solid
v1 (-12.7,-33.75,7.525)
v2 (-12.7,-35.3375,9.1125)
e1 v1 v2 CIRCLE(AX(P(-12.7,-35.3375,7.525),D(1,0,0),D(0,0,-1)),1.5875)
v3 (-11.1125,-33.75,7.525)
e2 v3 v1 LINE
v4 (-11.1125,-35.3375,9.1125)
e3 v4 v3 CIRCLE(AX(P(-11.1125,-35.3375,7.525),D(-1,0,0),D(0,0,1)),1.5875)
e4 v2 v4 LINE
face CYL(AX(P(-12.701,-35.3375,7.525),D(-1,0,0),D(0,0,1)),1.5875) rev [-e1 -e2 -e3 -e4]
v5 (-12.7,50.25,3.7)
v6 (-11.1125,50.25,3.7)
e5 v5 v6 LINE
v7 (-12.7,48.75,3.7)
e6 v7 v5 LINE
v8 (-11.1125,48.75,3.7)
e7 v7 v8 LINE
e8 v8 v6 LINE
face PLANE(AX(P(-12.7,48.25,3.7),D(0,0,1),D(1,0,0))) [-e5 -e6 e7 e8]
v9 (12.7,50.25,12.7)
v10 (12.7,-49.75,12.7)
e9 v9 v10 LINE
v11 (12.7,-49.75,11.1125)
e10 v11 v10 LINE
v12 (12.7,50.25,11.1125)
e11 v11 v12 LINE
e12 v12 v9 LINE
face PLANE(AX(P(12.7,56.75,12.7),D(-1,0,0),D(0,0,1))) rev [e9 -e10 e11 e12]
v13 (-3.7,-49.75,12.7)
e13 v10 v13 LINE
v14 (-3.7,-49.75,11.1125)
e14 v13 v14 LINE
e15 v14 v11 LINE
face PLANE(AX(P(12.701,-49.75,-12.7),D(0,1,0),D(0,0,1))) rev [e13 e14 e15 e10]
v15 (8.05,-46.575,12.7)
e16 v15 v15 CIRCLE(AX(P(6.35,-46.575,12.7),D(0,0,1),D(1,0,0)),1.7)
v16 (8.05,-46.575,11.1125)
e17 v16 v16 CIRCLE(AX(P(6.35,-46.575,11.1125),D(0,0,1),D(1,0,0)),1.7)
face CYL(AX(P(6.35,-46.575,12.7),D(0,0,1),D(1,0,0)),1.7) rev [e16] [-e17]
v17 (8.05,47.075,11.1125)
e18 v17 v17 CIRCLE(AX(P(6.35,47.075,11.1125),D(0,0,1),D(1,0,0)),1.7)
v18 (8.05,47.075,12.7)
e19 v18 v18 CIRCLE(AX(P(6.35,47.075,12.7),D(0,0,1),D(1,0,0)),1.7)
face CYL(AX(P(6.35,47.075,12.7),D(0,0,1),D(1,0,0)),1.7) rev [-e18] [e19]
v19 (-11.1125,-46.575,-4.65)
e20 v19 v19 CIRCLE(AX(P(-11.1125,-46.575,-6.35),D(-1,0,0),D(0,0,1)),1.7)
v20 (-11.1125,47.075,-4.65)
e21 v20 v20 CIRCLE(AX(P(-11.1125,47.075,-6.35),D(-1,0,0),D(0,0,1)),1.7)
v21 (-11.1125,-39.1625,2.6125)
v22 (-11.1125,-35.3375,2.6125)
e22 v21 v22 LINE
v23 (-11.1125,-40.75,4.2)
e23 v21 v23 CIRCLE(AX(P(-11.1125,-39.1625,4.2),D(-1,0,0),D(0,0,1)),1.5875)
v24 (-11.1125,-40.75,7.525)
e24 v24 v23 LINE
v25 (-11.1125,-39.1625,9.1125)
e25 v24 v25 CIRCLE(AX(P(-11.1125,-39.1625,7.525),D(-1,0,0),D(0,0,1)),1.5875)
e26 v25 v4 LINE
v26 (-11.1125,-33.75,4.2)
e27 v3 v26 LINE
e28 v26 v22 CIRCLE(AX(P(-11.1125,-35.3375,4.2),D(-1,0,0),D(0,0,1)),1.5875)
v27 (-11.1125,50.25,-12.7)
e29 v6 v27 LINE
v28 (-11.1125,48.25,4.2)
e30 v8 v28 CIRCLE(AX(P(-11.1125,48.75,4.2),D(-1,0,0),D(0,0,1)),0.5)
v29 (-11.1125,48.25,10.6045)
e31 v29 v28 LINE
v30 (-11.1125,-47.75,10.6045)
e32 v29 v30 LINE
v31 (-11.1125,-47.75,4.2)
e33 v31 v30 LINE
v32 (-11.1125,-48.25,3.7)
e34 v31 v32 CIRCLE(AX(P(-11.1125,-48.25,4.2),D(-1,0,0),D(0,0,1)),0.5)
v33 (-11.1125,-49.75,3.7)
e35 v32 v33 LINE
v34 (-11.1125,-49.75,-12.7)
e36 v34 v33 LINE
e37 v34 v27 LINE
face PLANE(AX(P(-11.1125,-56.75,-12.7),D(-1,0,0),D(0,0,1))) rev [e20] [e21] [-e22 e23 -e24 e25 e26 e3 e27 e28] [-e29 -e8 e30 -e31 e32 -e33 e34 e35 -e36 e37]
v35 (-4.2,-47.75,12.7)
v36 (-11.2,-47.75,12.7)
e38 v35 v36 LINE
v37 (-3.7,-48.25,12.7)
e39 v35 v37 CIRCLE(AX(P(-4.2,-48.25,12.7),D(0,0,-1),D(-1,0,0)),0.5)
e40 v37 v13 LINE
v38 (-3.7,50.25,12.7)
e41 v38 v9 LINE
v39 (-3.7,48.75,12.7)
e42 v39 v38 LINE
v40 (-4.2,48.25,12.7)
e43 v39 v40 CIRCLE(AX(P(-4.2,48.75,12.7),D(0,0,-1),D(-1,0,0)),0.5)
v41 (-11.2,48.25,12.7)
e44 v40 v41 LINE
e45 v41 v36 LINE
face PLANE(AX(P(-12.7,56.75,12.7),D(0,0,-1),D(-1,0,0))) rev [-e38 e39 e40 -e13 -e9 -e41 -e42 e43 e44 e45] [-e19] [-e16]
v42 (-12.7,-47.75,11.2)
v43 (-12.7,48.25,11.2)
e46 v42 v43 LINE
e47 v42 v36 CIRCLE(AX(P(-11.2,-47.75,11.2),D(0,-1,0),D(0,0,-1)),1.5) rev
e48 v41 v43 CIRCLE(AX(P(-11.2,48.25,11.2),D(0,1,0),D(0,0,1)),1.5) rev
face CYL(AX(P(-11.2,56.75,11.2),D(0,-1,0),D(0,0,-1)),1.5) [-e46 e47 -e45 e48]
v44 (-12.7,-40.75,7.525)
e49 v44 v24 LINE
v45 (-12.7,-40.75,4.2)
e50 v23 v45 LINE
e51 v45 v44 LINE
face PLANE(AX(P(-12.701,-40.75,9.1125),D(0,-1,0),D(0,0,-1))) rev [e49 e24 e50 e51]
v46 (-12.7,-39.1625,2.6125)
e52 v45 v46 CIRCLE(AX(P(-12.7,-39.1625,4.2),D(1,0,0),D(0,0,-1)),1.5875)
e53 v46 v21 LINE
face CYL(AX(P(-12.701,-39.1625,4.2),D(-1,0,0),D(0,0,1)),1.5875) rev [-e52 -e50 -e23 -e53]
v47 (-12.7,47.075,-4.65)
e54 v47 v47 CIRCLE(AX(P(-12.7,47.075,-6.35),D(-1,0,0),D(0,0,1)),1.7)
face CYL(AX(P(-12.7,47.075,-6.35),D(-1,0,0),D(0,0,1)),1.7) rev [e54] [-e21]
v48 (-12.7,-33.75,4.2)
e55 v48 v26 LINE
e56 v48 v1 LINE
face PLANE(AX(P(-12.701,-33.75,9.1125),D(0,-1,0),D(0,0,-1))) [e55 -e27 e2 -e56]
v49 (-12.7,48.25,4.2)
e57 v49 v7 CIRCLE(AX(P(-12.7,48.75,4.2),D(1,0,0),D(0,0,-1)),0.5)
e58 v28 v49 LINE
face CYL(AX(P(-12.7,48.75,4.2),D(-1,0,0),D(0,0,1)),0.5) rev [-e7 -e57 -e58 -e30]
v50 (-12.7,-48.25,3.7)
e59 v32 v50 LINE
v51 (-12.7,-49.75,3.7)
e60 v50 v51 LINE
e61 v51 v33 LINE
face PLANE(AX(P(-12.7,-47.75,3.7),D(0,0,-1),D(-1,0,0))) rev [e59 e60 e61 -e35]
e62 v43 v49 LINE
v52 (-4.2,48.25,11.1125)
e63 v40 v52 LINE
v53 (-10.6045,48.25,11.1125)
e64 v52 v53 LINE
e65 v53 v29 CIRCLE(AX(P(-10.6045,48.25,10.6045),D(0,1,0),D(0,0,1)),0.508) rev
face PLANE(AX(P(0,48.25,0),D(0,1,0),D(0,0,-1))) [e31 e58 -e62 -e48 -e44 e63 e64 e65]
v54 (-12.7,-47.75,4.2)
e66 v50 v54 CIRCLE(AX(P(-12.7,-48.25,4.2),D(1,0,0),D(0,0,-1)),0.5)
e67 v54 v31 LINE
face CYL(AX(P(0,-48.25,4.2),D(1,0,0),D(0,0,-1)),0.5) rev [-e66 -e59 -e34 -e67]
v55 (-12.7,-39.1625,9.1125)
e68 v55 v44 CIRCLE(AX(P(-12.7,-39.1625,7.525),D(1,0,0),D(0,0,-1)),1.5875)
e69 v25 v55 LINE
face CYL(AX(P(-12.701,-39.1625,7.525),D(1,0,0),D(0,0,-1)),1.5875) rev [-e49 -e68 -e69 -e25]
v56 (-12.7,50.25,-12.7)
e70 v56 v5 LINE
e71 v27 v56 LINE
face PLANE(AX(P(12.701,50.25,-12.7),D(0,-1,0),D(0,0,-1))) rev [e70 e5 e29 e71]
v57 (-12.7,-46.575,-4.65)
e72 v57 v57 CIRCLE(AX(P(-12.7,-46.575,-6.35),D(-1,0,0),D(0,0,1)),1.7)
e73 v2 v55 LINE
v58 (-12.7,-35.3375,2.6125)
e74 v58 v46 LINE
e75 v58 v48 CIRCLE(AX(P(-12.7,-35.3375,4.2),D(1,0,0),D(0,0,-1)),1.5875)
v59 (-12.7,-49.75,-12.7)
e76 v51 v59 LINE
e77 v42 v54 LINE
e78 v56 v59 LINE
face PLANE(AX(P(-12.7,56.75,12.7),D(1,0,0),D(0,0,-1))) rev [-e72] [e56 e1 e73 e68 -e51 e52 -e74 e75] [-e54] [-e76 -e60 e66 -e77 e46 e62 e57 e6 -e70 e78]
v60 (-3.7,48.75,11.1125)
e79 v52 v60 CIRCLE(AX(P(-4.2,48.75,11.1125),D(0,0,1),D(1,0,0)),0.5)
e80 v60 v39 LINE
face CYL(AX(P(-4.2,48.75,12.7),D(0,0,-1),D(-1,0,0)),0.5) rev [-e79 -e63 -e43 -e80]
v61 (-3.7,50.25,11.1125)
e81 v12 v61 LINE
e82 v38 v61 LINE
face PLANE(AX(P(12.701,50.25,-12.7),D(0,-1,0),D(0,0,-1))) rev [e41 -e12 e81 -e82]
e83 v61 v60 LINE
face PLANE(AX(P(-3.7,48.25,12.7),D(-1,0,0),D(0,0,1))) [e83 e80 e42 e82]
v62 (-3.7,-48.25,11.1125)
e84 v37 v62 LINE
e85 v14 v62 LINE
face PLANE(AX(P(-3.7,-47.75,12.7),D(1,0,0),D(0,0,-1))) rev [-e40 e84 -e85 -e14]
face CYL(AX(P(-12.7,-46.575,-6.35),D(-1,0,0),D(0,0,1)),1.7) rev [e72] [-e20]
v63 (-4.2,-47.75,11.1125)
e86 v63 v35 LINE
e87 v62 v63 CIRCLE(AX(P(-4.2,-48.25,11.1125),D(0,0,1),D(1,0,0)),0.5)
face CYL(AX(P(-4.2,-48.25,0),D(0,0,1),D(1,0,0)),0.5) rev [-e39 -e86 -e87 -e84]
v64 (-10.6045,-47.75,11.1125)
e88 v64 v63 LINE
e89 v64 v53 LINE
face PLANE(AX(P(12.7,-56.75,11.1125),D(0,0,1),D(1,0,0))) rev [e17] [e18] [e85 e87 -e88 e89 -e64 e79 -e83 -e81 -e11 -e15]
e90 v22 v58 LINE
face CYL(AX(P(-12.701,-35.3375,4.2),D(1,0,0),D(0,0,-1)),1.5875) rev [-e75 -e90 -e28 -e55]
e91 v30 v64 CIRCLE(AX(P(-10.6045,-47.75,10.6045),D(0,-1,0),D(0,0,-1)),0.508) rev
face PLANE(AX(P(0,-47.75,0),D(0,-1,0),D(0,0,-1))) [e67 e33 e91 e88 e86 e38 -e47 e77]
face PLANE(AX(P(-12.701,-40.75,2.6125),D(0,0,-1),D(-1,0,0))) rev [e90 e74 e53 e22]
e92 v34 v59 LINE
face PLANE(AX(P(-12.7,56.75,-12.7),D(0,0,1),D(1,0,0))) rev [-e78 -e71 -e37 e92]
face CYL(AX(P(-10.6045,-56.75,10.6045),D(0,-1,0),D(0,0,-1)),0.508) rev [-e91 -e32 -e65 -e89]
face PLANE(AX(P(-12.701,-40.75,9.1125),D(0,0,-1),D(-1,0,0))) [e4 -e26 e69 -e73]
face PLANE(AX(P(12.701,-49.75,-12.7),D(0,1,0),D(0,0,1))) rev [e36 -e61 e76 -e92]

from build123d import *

# Parameters (mm, degrees)
SKETCH1_W             = 25.4
SKETCH1_H             = 25.4
BOSS_EXTRUDE1_DEPTH   = 56.75
SKETCH2_W             = 23.8125
SKETCH2_H             = 23.8125
CUT_EXTRUDE1_DEPTH    = 115.912270885
FILLET1_R             = 0.508
M3_CLEARANCE_HOLE1_D  = 3.4
M3_CLEARANCE_HOLE2_D  = 3.4
M3_CLEARANCE_HOLE3_D  = 3.4
M3_CLEARANCE_HOLE4_D  = 3.4
FILLET2_R             = 1.5
CUT_EXTRUDE2_REACH    = 65.459
SKETCH11_W            = 16.9
SKETCH11_H            = 6.499999954
SKETCH11_H_2          = 7
CUT_EXTRUDE3_REACH    = 65.459
SKETCH12_W            = 16.9
SKETCH12_H            = 6.5
SKETCH12_H_2          = 7
FILLET3_R             = 3.81
CUT_EXTRUDE4_REACH    = 65.459
SKETCH13_W            = 15.4
SKETCH13_H            = 87.3
CUT_EXTRUDE5_REACH    = 65.459
SKETCH14_W            = 15.4
SKETCH14_H            = 87.3
CHAMFER2_SIZE         = 6.35
FILLET5_R             = 3.81
SKETCH15_W            = 12.31
SKETCH15_H            = 12.31
CUT_EXTRUDE6_DEPTH    = 6.5
SKETCH17_W            = 12.31
SKETCH17_H            = 12.31
CUT_EXTRUDE8_DEPTH    = 7
BOSS_EXTRUDE2_START   = -1.5875
BOSS_EXTRUDE2_DEPTH   = 1.5875
BOSS_EXTRUDE3_START   = -1.5875
BOSS_EXTRUDE3_DEPTH   = 1.5875
CUT_EXTRUDE12_REACH   = 59.038
SKETCH23_W            = 6.5
SKETCH23_H            = 7
FILLET9_R             = 1.5875
FILLET9_OF_MIRROR3_R  = 1.5875
BOSS_EXTRUDE4_DEPTH   = 1.5875
SKETCH25_W            = 9
SKETCH25_H            = 9
CUT_EXTRUDE13_DEPTH   = 2
FILLET10_R            = 0.5
FILLET10_OF_MIRROR4_R = 0.5


with BuildPart() as part:
    # Sketch1 → Boss-Extrude1 (new, symmetric)
    with BuildSketch(Plane(origin=(0, 0, 0), x_dir=(1, 0, 0), z_dir=(0, 1, 0))):
        Rectangle(SKETCH1_W, SKETCH1_H)
    extrude(amount=BOSS_EXTRUDE1_DEPTH, both=True)

    # Sketch2 → Cut-Extrude1 (cut, through all)
    with BuildSketch(Plane(origin=(0, 56.75, 0), x_dir=(1, 0, 0), z_dir=(0, 1, 0))):
        with Locations((0.79375, 0.79375)):
            Rectangle(SKETCH2_W, SKETCH2_H)
    extrude(amount=-CUT_EXTRUDE1_DEPTH, mode=Mode.SUBTRACT)

    # Fillet1
    fillet1_edges = [part.edges().sort_by_distance(p)[0] for p in [
        (-11.1125, 0, 11.1125),
    ]]
    fillet(fillet1_edges, radius=FILLET1_R)

    # M3 Clearance Hole1 (through all)
    with Locations(Plane.XY.offset(12.7)):
        with Locations((6.35, 47.075)):
            Hole(M3_CLEARANCE_HOLE1_D / 2)

    # M3 Clearance Hole2 (through all)
    with Locations(Plane.ZY.offset(12.7)):
        with Locations((-6.35, 47.075)):
            Hole(M3_CLEARANCE_HOLE2_D / 2)

    # M3 Clearance Hole3 (through all)
    with Locations(Plane.XY.offset(12.7)):
        with Locations((6.35, -46.575)):
            Hole(M3_CLEARANCE_HOLE3_D / 2)

    # M3 Clearance Hole4 (through all)
    with Locations(Plane.ZY.offset(12.7)):
        with Locations((-6.35, -46.575)):
            Hole(M3_CLEARANCE_HOLE4_D / 2)

    # Fillet2
    fillet2_edges = [part.edges().sort_by_distance(p)[0] for p in [
        (-12.7, 0, 12.7),
    ]]
    fillet(fillet2_edges, radius=FILLET2_R)

    # Sketch11 → Cut-Extrude2 (cut, up to next)
    with BuildSketch(Plane.ZY.offset(12.7), mode=Mode.PRIVATE) as cut_extrude2_sk1:
        with Locations((-4.25, 53.500000023)):
            Rectangle(SKETCH11_W, SKETCH11_H)
    cut_extrude2_tool1 = extrude(cut_extrude2_sk1.sketch, amount=-CUT_EXTRUDE2_REACH, mode=Mode.PRIVATE) & part.part
    # Sketch11 → Cut-Extrude2 (cut, up to next)
    with BuildSketch(Plane.ZY.offset(12.7), mode=Mode.PRIVATE) as cut_extrude2_sk2:
        with Locations((-4.25, -53.25)):
            Rectangle(SKETCH11_W, SKETCH11_H_2)
    cut_extrude2_tool2 = extrude(cut_extrude2_sk2.sketch, amount=-CUT_EXTRUDE2_REACH, mode=Mode.PRIVATE) & part.part
    add(cut_extrude2_tool1.solids().sort_by_distance((-12.7, 53.5, -4.25))[0], mode=Mode.SUBTRACT)
    add(cut_extrude2_tool2.solids().sort_by_distance((-12.7, -53.25, -4.25))[0], mode=Mode.SUBTRACT)

    # Sketch12 → Cut-Extrude3 (cut, up to next)
    with BuildSketch(Plane.XY.offset(12.7), mode=Mode.PRIVATE) as cut_extrude3_sk1:
        with Locations((4.25, 53.5)):
            Rectangle(SKETCH12_W, SKETCH12_H)
    cut_extrude3_tool1 = extrude(cut_extrude3_sk1.sketch, amount=-CUT_EXTRUDE3_REACH, mode=Mode.PRIVATE) & part.part
    # Sketch12 → Cut-Extrude3 (cut, up to next)
    with BuildSketch(Plane.XY.offset(12.7), mode=Mode.PRIVATE) as cut_extrude3_sk2:
        with Locations((4.25, -53.25)):
            Rectangle(SKETCH12_W, SKETCH12_H_2)
    cut_extrude3_tool2 = extrude(cut_extrude3_sk2.sketch, amount=-CUT_EXTRUDE3_REACH, mode=Mode.PRIVATE) & part.part
    add(cut_extrude3_tool1.solids().sort_by_distance((4.25, 53.5, 12.7))[0], mode=Mode.SUBTRACT)
    add(cut_extrude3_tool2.solids().sort_by_distance((4.25, -53.25, 12.7))[0], mode=Mode.SUBTRACT)

    # Fillet3
    fillet3_edges = [part.edges().sort_by_distance(p)[0] for p in [
        (-4.2, 50.25, 11.90625),
        (-4.2, -49.75, 11.90625),
        (-11.90625, 50.250000046, 4.2),
        (-11.90625, -49.75, 4.2),
    ]]
    fillet(fillet3_edges, radius=FILLET3_R)

    # Sketch13 → Cut-Extrude4 (cut, up to next)
    with BuildSketch(Plane.ZY.offset(12.7), mode=Mode.PRIVATE) as cut_extrude4_sk1:
        with Locations((-5, 0.25)):
            Rectangle(SKETCH13_W, SKETCH13_H)
    cut_extrude4_tool1 = extrude(cut_extrude4_sk1.sketch, amount=-CUT_EXTRUDE4_REACH, mode=Mode.PRIVATE) & part.part
    add(cut_extrude4_tool1.solids().sort_by_distance((-12.7, 0.25, -5))[0], mode=Mode.SUBTRACT)

    # Sketch14 → Cut-Extrude5 (cut, up to next)
    with BuildSketch(Plane.XY.offset(12.7), mode=Mode.PRIVATE) as cut_extrude5_sk1:
        with Locations((5, 0.25)):
            Rectangle(SKETCH14_W, SKETCH14_H)
    cut_extrude5_tool1 = extrude(cut_extrude5_sk1.sketch, amount=-CUT_EXTRUDE5_REACH, mode=Mode.PRIVATE) & part.part
    add(cut_extrude5_tool1.solids().sort_by_distance((5, 0.25, 12.7))[0], mode=Mode.SUBTRACT)

    # Chamfer2
    chamfer2_edges = [part.edges().sort_by_distance(p)[0] for p in [
        (-11.90625, 43.9, 2.7),
        (-11.90625, -43.4, 2.7),
        (-2.7, -43.4, 11.90625),
        (-2.7, 43.9, 11.90625),
    ]]
    chamfer(chamfer2_edges, length=CHAMFER2_SIZE)

    # Fillet5
    fillet5_edges = [part.edges().sort_by_distance(p)[0] for p in [
        (-11.90625, 43.9, -3.65),
        (-11.90625, -37.05, 2.7),
        (-11.90625, 37.55, 2.7),
        (-2.7, -37.05, 11.90625),
        (-2.7, 37.55, 11.90625),
        (3.65, 43.9, 11.90625),
        (3.65, -43.4, 11.90625),
        (-11.90625, -43.4, -3.65),
    ]]
    fillet(fillet5_edges, radius=FILLET5_R)

    # Sketch15 → Cut-Extrude6 (cut)
    with BuildSketch(Plane(origin=(0, 56.75, 0), x_dir=(1, 0, 0), z_dir=(0, 1, 0))):
        with Locations((-6.545, -6.545)):
            Rectangle(SKETCH15_W, SKETCH15_H)
    extrude(amount=-CUT_EXTRUDE6_DEPTH, mode=Mode.SUBTRACT)

    # Sketch17 → Cut-Extrude8 (cut)
    with BuildSketch(Plane.XZ.offset(56.75)):
        with Locations((-6.545, 6.545)):
            Rectangle(SKETCH17_W, SKETCH17_H)
    extrude(amount=-CUT_EXTRUDE8_DEPTH, mode=Mode.SUBTRACT)

    # Sketch20 → Boss-Extrude2 (add)
    with BuildSketch(Plane.ZY.offset(12.7).offset(BOSS_EXTRUDE2_START)):
        with BuildLine():
            Line((-12.7, 43.9), (-12.7, -43.4))
            Line((-12.7, -43.4), (-5.228153673, -43.4))
            ThreePointArc((-5.228153673, -43.4), (-3.770129795, -43.109981019), (-2.534076836, -42.284076836))
            Line((-2.534076836, -42.284076836), (1.584076836, -38.165923164))
            ThreePointArc((1.584076836, -38.165923164), (2.409981019, -36.929870205), (2.7, -35.471846327))
            Line((2.7, -35.471846327), (2.7, 35.971846327))
            ThreePointArc((2.7, 35.971846327), (2.409981019, 37.429870205), (1.584076836, 38.665923164))
            Line((1.584076836, 38.665923164), (-2.534076836, 42.784076836))
            ThreePointArc((-2.534076836, 42.784076836), (-3.770129795, 43.609981019), (-5.228153673, 43.9))
            Line((-5.228153673, 43.9), (-12.7, 43.9))
        make_face()
    extrude(amount=BOSS_EXTRUDE2_DEPTH)

    # Sketch21 → Boss-Extrude3 (add)
    with BuildSketch(Plane.XY.offset(12.7).offset(BOSS_EXTRUDE3_START)):
        with BuildLine():
            Line((12.7, 43.9), (12.7, -43.4))
            Line((12.7, -43.4), (5.228153673, -43.4))
            ThreePointArc((5.228153673, -43.4), (3.770129795, -43.109981019), (2.534076836, -42.284076836))
            Line((2.534076836, -42.284076836), (-1.584076836, -38.165923164))
            ThreePointArc((-1.584076836, -38.165923164), (-2.409981019, -36.929870205), (-2.7, -35.471846327))
            Line((-2.7, -35.471846327), (-2.7, 35.971846327))
            ThreePointArc((-2.7, 35.971846327), (-2.409981019, 37.429870205), (-1.584076836, 38.665923164))
            Line((-1.584076836, 38.665923164), (2.534076836, 42.784076836))
            ThreePointArc((2.534076836, 42.784076836), (3.770129795, 43.609981019), (5.228153673, 43.9))
            Line((5.228153673, 43.9), (12.7, 43.9))
        make_face()
    extrude(amount=BOSS_EXTRUDE3_DEPTH)

    # Sketch23 → Cut-Extrude12 (cut, up to next)
    with BuildSketch(Plane(origin=(-11.1125, 0, 0), x_dir=(0, 0, -1), z_dir=(1, 0, 0)), mode=Mode.PRIVATE) as cut_extrude12_sk1:
        with Locations((-5.8625, 37.75)):
            Rectangle(SKETCH23_W, SKETCH23_H)
    cut_extrude12_tool1 = extrude(cut_extrude12_sk1.sketch, amount=-CUT_EXTRUDE12_REACH, mode=Mode.PRIVATE) & part.part
    cut_extrude12 = cut_extrude12_tool1.solids().sort_by_distance((-11.1125, 37.75, 5.8625))[0]
    add(cut_extrude12, mode=Mode.SUBTRACT)

    # Fillet9
    fillet9_edges = [part.edges().sort_by_distance(p)[0] for p in [
        (-11.90625, 41.25, 9.1125),
        (-11.90625, 41.25, 2.6125),
        (-11.90625, 34.25, 2.6125),
        (-11.90625, 34.25, 9.1125),
    ]]
    fillet(fillet9_edges, radius=FILLET9_R)

    # Mirror3: Cut-Extrude12 across plane
    add(cut_extrude12.mirror(Plane.ZX.offset(0.250000023)), mode=Mode.SUBTRACT)

    # Fillet9 of Mirror3
    fillet9_of_mirror3_edges = [part.edges().sort_by_distance(p)[0] for p in [
        (-11.90625, -40.749999954, 9.1125),
        (-11.90625, -40.749999954, 2.6125),
        (-11.90625, -33.749999954, 2.6125),
        (-11.90625, -33.749999954, 9.1125),
    ]]
    fillet(fillet9_of_mirror3_edges, radius=FILLET9_OF_MIRROR3_R)

    # Sketch24 → Boss-Extrude4 (add)
    with BuildSketch(Plane.ZY.offset(12.7)):
        with BuildLine():
            Line((4.2, 34.25), (7.525, 34.25))
            ThreePointArc((7.525, 34.25), (8.647532015, 34.714967985), (9.1125, 35.8375))
            Line((9.1125, 35.8375), (9.1125, 39.6625))
            ThreePointArc((9.1125, 39.6625), (8.647532015, 40.785032015), (7.525, 41.25))
            Line((7.525, 41.25), (4.2, 41.25))
            ThreePointArc((4.2, 41.25), (3.077467985, 40.785032015), (2.6125, 39.6625))
            Line((2.6125, 39.6625), (2.6125, 35.8375))
            ThreePointArc((2.6125, 35.8375), (3.077467985, 34.714967985), (4.2, 34.25))
        make_face()
    extrude(amount=-BOSS_EXTRUDE4_DEPTH)

    # Sketch25 → Cut-Extrude13 (cut)
    with BuildSketch(Plane.XZ.offset(49.75)):
        with Locations((-8.2, 8.2)):
            Rectangle(SKETCH25_W, SKETCH25_H)
    cut_extrude13 = extrude(amount=-CUT_EXTRUDE13_DEPTH, mode=Mode.SUBTRACT)

    # Fillet10
    fillet10_edges = [part.edges().sort_by_distance(p)[0] for p in [
        (-3.7, -47.75, 11.90625),
        (-11.90625, -47.75, 3.7),
    ]]
    fillet(fillet10_edges, radius=FILLET10_R)

    # Mirror4: Cut-Extrude13 across plane
    add(cut_extrude13.mirror(Plane.ZX.offset(0.250000023)), mode=Mode.SUBTRACT)

    # Fillet10 of Mirror4
    fillet10_of_mirror4_edges = [part.edges().sort_by_distance(p)[0] for p in [
        (-3.7, 48.250000046, 11.90625),
        (-11.90625, 48.250000046, 3.7),
    ]]
    fillet(fillet10_of_mirror4_edges, radius=FILLET10_OF_MIRROR4_R)


solid = part.part
